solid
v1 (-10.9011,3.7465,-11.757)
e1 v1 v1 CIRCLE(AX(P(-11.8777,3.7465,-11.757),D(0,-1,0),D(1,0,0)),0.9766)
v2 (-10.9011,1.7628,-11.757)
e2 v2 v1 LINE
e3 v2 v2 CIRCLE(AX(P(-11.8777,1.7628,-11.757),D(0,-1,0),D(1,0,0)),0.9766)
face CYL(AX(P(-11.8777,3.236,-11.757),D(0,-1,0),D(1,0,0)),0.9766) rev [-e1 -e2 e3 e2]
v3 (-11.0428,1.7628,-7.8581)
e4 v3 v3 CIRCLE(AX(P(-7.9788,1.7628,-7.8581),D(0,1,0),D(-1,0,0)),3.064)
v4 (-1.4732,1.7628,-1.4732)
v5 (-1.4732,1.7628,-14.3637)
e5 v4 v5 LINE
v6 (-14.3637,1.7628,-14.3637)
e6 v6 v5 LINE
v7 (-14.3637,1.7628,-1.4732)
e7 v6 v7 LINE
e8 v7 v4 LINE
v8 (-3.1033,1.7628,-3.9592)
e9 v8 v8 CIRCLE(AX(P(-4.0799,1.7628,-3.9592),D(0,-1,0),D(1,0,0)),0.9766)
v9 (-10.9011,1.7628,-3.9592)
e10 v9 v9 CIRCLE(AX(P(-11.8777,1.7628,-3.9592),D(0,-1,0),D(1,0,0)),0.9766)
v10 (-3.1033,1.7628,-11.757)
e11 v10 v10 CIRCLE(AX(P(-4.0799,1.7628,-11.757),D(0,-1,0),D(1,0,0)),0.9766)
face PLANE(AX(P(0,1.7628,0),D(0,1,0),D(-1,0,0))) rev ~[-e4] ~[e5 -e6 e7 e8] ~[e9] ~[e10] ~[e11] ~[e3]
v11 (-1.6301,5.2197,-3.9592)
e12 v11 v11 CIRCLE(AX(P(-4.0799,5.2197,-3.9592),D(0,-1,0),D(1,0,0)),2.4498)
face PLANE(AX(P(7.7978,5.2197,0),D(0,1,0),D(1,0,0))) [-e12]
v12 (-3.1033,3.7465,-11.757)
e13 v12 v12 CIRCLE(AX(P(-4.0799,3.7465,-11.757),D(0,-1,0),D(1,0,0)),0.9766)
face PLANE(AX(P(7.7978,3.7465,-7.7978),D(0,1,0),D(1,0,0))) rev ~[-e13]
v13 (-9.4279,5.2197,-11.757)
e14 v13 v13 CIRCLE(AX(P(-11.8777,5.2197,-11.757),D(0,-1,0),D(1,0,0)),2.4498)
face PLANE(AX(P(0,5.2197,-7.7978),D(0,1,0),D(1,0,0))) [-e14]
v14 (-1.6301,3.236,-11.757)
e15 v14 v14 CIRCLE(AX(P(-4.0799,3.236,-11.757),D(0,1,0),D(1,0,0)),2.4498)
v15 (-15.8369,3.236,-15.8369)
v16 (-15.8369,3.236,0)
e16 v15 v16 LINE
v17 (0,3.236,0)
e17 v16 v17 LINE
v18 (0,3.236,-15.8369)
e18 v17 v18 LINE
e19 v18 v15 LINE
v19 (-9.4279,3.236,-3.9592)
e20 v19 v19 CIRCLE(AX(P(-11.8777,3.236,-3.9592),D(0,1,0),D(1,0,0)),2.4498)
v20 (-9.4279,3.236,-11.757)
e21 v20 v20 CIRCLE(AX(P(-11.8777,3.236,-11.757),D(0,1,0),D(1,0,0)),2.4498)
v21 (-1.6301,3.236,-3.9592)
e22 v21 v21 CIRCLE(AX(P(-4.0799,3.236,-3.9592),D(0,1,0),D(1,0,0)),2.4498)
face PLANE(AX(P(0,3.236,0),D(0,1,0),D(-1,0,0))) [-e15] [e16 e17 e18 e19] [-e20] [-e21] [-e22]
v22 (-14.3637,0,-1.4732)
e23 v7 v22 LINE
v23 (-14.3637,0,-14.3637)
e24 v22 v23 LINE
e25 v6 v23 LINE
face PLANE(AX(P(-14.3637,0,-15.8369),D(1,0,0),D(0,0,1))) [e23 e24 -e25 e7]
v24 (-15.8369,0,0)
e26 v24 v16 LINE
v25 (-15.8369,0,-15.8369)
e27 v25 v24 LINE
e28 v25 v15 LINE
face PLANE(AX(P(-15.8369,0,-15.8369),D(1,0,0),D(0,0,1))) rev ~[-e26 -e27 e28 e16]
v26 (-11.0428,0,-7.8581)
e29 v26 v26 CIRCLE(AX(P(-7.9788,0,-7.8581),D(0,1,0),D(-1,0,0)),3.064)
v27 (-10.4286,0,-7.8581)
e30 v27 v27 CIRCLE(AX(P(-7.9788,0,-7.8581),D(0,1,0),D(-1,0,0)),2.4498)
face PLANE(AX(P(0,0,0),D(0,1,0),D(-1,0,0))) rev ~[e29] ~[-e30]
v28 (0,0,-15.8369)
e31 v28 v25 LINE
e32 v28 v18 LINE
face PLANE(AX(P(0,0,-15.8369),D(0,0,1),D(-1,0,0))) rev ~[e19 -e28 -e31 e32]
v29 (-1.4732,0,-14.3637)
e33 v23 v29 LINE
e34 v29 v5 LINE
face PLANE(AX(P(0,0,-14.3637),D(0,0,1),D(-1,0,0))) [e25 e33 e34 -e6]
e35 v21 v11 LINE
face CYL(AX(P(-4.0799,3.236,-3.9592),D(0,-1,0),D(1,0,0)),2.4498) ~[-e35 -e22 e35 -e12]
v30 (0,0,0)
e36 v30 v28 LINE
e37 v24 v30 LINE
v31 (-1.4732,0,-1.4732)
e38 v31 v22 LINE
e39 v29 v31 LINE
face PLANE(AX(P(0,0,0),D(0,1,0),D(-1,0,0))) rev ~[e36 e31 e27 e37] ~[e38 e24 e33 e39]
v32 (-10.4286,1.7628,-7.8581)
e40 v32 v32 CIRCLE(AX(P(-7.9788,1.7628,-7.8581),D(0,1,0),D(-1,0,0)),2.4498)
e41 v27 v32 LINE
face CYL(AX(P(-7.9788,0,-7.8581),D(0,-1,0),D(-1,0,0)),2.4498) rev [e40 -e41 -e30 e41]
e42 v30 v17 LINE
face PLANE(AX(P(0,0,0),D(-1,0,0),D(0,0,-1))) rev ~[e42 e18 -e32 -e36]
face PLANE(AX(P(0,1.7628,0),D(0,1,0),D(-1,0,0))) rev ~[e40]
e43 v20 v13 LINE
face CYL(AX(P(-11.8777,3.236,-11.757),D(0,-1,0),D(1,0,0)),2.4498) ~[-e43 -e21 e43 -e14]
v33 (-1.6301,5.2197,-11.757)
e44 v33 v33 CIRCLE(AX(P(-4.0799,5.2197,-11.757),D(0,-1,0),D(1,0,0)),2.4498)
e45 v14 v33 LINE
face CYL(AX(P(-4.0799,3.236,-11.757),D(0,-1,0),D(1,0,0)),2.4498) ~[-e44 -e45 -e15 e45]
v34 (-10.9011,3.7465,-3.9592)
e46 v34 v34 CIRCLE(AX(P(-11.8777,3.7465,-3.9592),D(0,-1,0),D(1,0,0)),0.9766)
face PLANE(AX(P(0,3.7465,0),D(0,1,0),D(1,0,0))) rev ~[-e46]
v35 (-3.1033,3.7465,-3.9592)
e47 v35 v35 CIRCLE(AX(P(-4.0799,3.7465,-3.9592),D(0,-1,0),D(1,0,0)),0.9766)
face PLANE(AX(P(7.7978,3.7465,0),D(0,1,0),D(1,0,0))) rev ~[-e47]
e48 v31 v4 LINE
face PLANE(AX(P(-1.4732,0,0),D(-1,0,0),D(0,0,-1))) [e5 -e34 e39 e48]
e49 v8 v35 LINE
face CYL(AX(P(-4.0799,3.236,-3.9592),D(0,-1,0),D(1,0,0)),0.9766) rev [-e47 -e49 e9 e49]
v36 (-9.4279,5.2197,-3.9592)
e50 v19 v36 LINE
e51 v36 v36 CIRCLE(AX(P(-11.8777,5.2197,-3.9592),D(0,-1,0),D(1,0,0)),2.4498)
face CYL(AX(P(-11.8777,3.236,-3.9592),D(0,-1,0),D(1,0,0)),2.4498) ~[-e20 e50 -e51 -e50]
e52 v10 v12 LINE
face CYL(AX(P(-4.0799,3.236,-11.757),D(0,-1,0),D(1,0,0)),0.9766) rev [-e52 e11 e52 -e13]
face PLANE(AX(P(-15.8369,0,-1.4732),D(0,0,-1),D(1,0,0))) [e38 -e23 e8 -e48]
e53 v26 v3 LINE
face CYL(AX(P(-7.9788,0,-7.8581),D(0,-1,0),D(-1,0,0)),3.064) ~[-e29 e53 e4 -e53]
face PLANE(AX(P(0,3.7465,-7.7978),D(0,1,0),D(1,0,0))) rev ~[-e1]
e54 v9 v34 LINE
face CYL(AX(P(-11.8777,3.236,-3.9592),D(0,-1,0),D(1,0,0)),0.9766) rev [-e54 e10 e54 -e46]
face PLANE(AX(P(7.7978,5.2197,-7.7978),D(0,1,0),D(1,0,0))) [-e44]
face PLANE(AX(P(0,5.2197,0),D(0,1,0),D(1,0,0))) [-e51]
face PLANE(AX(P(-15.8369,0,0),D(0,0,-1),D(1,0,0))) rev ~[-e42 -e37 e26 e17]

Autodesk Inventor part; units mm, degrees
ref_plane "YZ Plane" through (0, 0, 0) normal (1, 0, 0) x (0, 1, 0)
ref_plane "XZ Plane" through (0, 0, 0) normal (0, 1, 0) x (-1, 0, 0)
ref_plane "XY Plane" through (0, 0, 0) normal (0, 0, 1) x (1, 0, 0)
sketch "Sketch1" plane through (0, 0, 0) normal (0, 1, 0) x (-1, 0, 0)
  line L0 (0, 0) -> (0, -15.8369)
  line L1 (0, -15.8369) -> (15.8369, -15.8369)
  line L2 (15.8369, -15.8369) -> (15.8369, 0)
  line L3 (15.8369, 0) -> (0, 0)
  dimension "d0" = 15.8369
  dimension "d1" = 15.8369
  dimension "d2" = 15.8369
extrude "Extrusion1" add sketch "Sketch1" along normal blind 3.236
sketch "Sketch2" plane through (0, 3.236, 0) normal (0, 1, 0) x (1, 0, 0)
  line L0 (-15.8369, 15.8369) -> (-15.8369, 0) projected
  line L1 (-15.8369, 0) -> (0, 15.8369)
  line L2 (0, 15.8369) -> (-15.8369, 15.8369)
  line L3 (-15.8369, 15.8369) -> (0, 0)
  line L4 (-7.9185, 7.9185) -> (0, 7.9185)
  line L5 (0, 7.9185) -> (-15.8369, 7.9185)
  line L6 (-7.9185, 7.9185) -> (-7.9185, 15.8369)
  line L7 (0, 15.8369) -> (-15.8369, 15.8369) projected
  line L8 (-7.9185, 0) -> (-7.9185, 7.9185)
  line L9 (-7.9185, 0) -> (-15.8369, 7.9185)
  line L10 (-15.8369, 7.9185) -> (-7.9185, 15.8369)
  line L11 (0, 7.9185) -> (-7.9185, 15.8369)
  line L12 (-7.9185, 0) -> (0, 7.9185)
  circle A0 centre (-11.8777, 3.9592) radius 2.4498
  dimension "d5" = 4.8997
extrude "Extrusion2" add sketch "Sketch2" along normal blind 1.9837 contours A0 L1 L9 | L9 L1 A0 | L1 L9 A0 | A0 L9 L1
pattern_linear "Rectangular Pattern1" count 2 spacing 7.7978 along (1, 0, 0) count 2 spacing 7.7978 along (0, 0, -1) of "Extrusion2"
shell "Shell1" thickness 1.4732 removed faces 1 at (-5.279, 0, -10.5579)
sketch "Sketch3" plane through (0, 0, 0) normal (0, 1, 0) x (-1, 0, 0)
  circle A0 centre (4.0799, -3.9592) radius 2.4498 construction
  circle A1 centre (11.8777, -11.757) radius 2.4498 construction
  line L0 (4.0799, -3.9592) -> (11.8777, -11.757) construction
  circle A2 centre (7.9788, -7.8581) radius 3.064
  circle A3 centre (7.9788, -7.8581) radius 2.4498
  point P0 (0, 0)
  dimension "d15" = 4.8997
extrude "Extrusion3" add sketch "Sketch3" along normal up to surface (1.7628 mm away)
properties part number "2x2 short orange pegged" material "ABS Plastic"
